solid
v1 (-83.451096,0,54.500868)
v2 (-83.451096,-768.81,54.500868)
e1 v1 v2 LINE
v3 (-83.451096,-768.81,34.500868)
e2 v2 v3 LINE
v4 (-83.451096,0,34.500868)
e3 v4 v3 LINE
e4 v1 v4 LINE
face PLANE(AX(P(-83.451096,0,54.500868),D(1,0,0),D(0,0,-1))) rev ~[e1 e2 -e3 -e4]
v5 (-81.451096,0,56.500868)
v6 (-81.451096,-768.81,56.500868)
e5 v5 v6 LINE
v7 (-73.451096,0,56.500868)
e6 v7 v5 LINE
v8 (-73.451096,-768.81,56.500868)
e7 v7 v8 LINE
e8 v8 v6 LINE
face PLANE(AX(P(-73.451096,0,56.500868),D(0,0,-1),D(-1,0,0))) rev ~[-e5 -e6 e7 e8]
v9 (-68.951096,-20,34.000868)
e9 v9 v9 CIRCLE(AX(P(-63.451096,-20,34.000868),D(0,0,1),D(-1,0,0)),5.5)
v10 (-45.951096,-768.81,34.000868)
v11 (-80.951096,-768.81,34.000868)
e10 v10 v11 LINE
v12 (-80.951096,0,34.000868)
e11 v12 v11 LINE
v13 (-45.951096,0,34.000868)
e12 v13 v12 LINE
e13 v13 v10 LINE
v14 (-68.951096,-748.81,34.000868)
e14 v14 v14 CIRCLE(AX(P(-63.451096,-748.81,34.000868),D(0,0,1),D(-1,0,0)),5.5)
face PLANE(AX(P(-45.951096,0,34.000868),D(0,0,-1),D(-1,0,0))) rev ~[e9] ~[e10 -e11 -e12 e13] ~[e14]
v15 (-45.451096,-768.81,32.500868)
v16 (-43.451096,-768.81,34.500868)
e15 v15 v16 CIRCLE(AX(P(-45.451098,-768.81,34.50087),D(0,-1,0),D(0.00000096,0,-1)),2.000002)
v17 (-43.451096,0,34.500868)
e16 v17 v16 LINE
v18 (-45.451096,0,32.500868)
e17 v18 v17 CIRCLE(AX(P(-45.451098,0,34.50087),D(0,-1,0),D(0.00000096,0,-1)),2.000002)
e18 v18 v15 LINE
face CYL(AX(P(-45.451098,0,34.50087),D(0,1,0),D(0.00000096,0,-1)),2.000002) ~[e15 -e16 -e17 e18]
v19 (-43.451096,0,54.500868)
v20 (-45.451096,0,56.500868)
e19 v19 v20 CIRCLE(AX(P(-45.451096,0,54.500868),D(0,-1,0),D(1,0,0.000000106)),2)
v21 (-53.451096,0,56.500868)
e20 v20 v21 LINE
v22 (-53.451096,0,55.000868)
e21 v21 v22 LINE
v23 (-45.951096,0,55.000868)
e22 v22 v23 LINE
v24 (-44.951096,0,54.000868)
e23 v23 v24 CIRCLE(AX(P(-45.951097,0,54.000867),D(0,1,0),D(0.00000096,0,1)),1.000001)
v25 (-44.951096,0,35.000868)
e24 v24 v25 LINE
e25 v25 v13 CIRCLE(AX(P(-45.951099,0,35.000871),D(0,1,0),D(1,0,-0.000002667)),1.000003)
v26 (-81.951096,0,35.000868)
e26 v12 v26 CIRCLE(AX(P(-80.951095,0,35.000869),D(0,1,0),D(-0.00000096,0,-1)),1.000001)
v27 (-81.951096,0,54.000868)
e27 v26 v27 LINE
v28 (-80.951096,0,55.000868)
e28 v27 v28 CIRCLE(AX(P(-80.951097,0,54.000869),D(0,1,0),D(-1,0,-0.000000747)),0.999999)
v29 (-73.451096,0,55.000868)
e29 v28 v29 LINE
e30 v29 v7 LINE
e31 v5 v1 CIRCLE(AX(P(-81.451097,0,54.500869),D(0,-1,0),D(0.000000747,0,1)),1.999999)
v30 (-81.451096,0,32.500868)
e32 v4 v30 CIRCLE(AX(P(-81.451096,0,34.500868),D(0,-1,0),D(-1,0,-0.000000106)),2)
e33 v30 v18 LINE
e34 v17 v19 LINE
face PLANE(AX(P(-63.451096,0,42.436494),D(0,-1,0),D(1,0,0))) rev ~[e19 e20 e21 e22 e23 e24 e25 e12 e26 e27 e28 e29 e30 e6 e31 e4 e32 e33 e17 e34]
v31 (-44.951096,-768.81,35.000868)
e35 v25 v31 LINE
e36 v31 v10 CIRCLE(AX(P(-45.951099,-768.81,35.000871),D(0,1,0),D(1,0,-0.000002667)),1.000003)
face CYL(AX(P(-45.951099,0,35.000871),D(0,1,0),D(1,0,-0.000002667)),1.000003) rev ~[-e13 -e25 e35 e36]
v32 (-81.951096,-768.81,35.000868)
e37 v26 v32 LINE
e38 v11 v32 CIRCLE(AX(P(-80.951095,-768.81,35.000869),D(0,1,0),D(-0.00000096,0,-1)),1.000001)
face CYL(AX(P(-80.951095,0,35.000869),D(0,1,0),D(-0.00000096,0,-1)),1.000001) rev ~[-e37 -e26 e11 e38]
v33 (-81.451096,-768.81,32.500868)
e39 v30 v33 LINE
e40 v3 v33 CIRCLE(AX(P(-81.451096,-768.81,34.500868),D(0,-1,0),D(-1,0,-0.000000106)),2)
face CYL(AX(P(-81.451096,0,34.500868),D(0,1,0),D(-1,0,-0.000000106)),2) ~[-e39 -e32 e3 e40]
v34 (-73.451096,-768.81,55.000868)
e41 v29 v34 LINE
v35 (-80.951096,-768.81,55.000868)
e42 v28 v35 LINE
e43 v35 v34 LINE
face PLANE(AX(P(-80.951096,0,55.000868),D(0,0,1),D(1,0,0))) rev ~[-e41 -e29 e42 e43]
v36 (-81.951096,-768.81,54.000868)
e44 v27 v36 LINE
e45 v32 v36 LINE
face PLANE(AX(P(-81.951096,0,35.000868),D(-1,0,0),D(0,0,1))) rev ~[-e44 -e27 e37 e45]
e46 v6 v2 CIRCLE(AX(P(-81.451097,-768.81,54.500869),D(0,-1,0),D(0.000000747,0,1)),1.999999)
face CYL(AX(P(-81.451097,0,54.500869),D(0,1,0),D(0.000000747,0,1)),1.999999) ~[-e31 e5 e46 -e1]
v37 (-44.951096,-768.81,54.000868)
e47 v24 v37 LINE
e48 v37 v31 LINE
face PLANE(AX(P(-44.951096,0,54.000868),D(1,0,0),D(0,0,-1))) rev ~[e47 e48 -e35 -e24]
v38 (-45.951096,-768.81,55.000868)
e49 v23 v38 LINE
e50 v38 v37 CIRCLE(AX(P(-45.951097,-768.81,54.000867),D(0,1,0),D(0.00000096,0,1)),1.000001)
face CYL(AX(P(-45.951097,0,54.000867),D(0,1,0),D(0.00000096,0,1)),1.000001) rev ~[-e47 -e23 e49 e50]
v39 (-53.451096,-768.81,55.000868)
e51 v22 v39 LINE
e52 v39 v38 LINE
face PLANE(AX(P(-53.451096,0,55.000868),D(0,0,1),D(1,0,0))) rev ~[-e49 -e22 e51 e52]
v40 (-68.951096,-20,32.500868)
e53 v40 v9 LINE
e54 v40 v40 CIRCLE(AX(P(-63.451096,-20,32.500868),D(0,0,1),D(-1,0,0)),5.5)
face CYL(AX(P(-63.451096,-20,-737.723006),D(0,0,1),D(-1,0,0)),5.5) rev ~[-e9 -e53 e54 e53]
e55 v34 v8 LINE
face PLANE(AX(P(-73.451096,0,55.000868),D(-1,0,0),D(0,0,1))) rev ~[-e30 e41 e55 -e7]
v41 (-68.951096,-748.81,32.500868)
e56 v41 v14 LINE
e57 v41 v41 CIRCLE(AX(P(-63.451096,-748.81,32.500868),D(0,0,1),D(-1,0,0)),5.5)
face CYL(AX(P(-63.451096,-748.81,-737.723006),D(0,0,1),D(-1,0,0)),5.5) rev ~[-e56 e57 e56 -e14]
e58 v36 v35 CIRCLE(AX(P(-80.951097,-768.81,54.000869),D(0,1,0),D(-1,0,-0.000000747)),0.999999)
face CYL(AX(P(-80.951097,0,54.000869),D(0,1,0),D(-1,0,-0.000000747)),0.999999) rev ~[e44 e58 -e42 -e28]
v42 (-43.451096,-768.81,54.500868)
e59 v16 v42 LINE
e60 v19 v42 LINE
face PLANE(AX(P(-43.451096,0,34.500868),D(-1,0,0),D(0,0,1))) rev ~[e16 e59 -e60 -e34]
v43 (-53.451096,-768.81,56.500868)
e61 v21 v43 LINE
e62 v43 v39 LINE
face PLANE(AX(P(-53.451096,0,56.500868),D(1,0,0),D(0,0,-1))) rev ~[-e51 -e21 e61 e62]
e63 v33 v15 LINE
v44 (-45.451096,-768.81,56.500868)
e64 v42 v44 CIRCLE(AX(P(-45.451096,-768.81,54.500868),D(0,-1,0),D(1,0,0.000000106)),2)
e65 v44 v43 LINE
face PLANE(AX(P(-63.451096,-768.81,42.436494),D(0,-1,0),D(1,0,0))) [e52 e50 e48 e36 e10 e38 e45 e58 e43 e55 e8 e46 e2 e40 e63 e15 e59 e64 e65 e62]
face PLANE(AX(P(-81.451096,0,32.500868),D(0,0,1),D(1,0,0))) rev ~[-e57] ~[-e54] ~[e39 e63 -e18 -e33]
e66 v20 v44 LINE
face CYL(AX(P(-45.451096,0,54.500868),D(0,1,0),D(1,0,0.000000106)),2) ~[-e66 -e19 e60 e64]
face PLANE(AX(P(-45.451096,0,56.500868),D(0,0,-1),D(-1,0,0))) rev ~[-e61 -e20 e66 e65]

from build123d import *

# Parameters (mm, degrees)
F1_DEPTH = 768.81
F3_D     = 11


with BuildPart() as f1:
    # F0 (on Front) → F1 (new body)
    with BuildSketch(Plane.XZ):
        with BuildLine():
            ThreePointArc((-83.451096, 34.500868), (-82.86531, 33.086655), (-81.451096, 32.500868))
            Line((-81.451096, 32.500868), (-45.451096, 32.500868))
            ThreePointArc((-45.451096, 32.500868), (-44.036883, 33.086655), (-43.451096, 34.500868))
            Line((-43.451096, 34.500868), (-43.451096, 54.500868))
            ThreePointArc((-43.451096, 54.500868), (-44.036883, 55.915082), (-45.451096, 56.500868))
            Line((-45.451096, 56.500868), (-53.451096, 56.500868))
            Line((-53.451096, 56.500868), (-53.451096, 55.000868))
            Line((-53.451096, 55.000868), (-45.951096, 55.000868))
            ThreePointArc((-45.951096, 55.000868), (-45.24399, 54.707975), (-44.951096, 54.000868))
            Line((-44.951096, 54.000868), (-44.951096, 35.000868))
            ThreePointArc((-44.951096, 35.000868), (-45.24399, 34.293762), (-45.951096, 34.000868))
            Line((-45.951096, 34.000868), (-80.951096, 34.000868))
            ThreePointArc((-80.951096, 34.000868), (-81.658203, 34.293762), (-81.951096, 35.000868))
            Line((-81.951096, 35.000868), (-81.951096, 54.000868))
            ThreePointArc((-81.951096, 54.000868), (-81.658203, 54.707975), (-80.951096, 55.000868))
            Line((-80.951096, 55.000868), (-73.451096, 55.000868))
            Line((-73.451096, 55.000868), (-73.451096, 56.500868))
            Line((-73.451096, 56.500868), (-81.451096, 56.500868))
            ThreePointArc((-81.451096, 56.500868), (-82.86531, 55.915082), (-83.451096, 54.500868))
            Line((-83.451096, 54.500868), (-83.451096, 34.500868))
        make_face()
    extrude(amount=F1_DEPTH)

    # F3 (through all)
    with Locations(Plane(origin=(0, 0, 32.500868), x_dir=(1, 0, 0), z_dir=(0, 0, -1))):
        with Locations((-63.451096, 748.81), (-63.451096, 20)):
            Hole(F3_D / 2)


solid = f1.part
